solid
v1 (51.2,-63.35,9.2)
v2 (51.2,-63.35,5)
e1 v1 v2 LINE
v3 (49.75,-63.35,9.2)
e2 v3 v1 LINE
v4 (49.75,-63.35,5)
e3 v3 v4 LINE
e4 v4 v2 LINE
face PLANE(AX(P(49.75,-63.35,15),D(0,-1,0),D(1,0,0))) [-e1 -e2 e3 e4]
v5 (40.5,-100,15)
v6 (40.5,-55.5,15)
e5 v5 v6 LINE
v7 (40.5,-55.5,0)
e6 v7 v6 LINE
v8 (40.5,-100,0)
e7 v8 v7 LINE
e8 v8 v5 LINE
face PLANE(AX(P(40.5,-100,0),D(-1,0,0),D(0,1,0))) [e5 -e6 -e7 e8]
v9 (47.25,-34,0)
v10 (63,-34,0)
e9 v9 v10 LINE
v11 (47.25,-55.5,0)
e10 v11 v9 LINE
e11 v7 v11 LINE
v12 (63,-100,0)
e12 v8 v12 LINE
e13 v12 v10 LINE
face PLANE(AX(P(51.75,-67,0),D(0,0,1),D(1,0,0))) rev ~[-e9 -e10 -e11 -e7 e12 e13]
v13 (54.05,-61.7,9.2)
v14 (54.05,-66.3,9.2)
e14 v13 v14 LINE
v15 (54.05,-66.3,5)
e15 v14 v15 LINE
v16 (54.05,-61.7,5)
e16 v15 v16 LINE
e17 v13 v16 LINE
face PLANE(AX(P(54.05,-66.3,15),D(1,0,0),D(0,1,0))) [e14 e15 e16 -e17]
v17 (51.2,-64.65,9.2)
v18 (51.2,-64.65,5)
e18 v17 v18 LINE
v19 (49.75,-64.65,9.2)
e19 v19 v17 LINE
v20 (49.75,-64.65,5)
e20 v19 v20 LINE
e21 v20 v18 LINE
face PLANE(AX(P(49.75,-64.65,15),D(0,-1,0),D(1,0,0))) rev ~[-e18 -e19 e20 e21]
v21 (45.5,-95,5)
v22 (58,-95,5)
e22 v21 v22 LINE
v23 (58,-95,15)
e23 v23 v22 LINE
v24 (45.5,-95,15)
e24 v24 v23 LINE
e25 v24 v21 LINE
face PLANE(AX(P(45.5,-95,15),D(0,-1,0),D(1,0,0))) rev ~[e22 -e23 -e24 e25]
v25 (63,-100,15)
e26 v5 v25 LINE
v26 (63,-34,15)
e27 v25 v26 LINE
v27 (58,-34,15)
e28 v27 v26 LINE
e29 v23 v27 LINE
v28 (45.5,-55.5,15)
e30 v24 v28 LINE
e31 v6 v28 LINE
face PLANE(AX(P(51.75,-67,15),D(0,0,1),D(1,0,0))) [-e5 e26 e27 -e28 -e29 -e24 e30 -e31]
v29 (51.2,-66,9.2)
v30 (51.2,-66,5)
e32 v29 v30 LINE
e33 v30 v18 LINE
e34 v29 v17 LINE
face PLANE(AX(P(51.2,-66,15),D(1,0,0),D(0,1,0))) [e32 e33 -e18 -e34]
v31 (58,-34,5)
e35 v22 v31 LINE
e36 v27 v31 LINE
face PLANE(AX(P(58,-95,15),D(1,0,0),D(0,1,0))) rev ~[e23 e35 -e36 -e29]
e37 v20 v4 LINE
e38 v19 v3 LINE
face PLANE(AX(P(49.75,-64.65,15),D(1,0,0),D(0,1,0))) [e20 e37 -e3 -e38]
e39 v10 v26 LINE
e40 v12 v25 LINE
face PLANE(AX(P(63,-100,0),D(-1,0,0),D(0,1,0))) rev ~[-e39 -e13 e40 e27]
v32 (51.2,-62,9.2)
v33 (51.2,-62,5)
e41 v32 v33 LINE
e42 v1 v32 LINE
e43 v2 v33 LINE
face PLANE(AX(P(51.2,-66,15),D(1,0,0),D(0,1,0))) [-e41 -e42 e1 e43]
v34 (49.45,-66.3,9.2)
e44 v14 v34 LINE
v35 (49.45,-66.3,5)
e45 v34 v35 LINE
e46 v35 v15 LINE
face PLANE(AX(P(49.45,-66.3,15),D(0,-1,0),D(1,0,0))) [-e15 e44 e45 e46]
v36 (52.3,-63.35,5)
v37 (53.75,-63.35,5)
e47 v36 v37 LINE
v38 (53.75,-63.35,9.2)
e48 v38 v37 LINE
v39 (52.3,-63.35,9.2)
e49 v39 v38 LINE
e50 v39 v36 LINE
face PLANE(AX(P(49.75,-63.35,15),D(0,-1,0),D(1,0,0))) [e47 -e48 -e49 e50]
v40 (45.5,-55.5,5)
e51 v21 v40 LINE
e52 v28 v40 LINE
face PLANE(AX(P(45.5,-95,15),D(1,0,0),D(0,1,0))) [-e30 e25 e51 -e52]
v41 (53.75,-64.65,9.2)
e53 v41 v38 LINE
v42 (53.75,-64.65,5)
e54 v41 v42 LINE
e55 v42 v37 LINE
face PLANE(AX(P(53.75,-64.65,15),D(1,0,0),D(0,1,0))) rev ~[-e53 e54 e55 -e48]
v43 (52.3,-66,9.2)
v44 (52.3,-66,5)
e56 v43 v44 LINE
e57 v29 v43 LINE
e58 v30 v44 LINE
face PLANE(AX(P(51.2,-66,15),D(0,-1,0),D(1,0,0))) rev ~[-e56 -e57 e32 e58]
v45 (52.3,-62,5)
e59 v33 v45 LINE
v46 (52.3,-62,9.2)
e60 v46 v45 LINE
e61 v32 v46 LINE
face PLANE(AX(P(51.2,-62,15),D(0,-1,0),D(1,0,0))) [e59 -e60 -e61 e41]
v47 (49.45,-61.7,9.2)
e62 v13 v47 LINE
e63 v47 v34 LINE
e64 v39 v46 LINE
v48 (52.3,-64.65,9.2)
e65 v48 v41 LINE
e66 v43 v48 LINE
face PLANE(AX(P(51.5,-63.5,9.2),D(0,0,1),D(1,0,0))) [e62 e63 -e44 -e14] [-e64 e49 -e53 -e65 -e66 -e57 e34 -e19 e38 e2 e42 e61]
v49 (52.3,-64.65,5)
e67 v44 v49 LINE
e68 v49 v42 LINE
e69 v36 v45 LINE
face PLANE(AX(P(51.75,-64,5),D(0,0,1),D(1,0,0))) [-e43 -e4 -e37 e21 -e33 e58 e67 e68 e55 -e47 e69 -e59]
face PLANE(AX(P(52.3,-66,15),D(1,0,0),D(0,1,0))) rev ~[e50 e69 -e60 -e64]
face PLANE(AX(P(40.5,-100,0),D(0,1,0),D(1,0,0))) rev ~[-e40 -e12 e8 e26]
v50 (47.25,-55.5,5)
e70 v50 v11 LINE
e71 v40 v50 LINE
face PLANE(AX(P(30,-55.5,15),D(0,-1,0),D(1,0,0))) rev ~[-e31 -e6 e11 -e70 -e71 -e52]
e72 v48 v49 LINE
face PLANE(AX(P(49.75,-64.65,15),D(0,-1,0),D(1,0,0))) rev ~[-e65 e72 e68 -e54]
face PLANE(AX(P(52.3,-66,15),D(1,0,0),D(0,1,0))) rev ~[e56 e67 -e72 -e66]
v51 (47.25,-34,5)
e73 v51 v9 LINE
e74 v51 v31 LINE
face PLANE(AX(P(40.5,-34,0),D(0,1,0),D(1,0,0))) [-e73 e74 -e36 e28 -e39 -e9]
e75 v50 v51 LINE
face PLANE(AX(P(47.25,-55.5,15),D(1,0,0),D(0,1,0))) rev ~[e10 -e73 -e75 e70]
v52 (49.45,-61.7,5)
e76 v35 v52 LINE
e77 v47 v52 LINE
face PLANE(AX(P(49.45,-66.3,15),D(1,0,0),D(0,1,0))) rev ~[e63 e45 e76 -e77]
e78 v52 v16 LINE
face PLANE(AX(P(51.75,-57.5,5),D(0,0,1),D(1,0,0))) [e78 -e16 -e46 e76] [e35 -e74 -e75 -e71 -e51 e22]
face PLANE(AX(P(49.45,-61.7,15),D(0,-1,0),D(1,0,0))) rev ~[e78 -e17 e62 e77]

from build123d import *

# Parameters (mm, degrees)
SKETCH_W        = 22.5
SKETCH_H        = 66
PAD_DEPTH       = 15
SKETCH001_W     = 12.5
SKETCH001_H     = 75
SKETCH001_W_2   = 4.6
SKETCH001_H_2   = 4.6
POCKET_DEPTH    = 10
SKETCH002_W     = 7
SKETCH002_H     = 7
POCKET001_DEPTH = 5.8
SKETCH004_W     = 1.1
SKETCH004_H     = 4
POCKET002_DEPTH = 10
SKETCH005_W     = 4
SKETCH005_H     = 1.3
POCKET003_DEPTH = 10
SKETCH007_W     = 17.25
SKETCH007_H     = 26.5
POCKET004_DEPTH = 20


with BuildPart() as part:
    # Sketch → Pad (new body)
    with BuildSketch(Plane.XY):
        with Locations((51.75, -67)):
            Rectangle(SKETCH_W, SKETCH_H)
    extrude(amount=PAD_DEPTH)

    # Sketch001 (on DatumPlane) → Pocket (cut)
    with BuildSketch(Plane.XY.offset(15)):
        with Locations((51.75, -57.5)):
            Rectangle(SKETCH001_W, SKETCH001_H)
        with Locations((51.75, -64)):
            Rectangle(SKETCH001_W_2, SKETCH001_H_2, mode=Mode.SUBTRACT)
    extrude(amount=-POCKET_DEPTH, mode=Mode.SUBTRACT)

    # Sketch002 (on DatumPlane) → Pocket001 (cut)
    with BuildSketch(Plane.XY.offset(15)):
        with Locations((51.5, -63.5)):
            Rectangle(SKETCH002_W, SKETCH002_H)
    extrude(amount=-POCKET001_DEPTH, mode=Mode.SUBTRACT)

    # Sketch004 (on DatumPlane) → Pocket002 (cut)
    with BuildSketch(Plane.XY.offset(15)):
        with Locations((51.75, -64)):
            Rectangle(SKETCH004_W, SKETCH004_H)
    extrude(amount=-POCKET002_DEPTH, mode=Mode.SUBTRACT)

    # Sketch005 (on DatumPlane) → Pocket003 (cut)
    with BuildSketch(Plane.XY.offset(15)):
        with Locations((51.75, -64)):
            Rectangle(SKETCH005_W, SKETCH005_H)
    extrude(amount=-POCKET003_DEPTH, mode=Mode.SUBTRACT)

    # Sketch007 (on DatumPlane) → Pocket004 (cut)
    with BuildSketch(Plane.XY.offset(15)):
        with Locations((38.625, -42.25)):
            Rectangle(SKETCH007_W, SKETCH007_H)
    extrude(amount=-POCKET004_DEPTH, mode=Mode.SUBTRACT)


solid = part.part
